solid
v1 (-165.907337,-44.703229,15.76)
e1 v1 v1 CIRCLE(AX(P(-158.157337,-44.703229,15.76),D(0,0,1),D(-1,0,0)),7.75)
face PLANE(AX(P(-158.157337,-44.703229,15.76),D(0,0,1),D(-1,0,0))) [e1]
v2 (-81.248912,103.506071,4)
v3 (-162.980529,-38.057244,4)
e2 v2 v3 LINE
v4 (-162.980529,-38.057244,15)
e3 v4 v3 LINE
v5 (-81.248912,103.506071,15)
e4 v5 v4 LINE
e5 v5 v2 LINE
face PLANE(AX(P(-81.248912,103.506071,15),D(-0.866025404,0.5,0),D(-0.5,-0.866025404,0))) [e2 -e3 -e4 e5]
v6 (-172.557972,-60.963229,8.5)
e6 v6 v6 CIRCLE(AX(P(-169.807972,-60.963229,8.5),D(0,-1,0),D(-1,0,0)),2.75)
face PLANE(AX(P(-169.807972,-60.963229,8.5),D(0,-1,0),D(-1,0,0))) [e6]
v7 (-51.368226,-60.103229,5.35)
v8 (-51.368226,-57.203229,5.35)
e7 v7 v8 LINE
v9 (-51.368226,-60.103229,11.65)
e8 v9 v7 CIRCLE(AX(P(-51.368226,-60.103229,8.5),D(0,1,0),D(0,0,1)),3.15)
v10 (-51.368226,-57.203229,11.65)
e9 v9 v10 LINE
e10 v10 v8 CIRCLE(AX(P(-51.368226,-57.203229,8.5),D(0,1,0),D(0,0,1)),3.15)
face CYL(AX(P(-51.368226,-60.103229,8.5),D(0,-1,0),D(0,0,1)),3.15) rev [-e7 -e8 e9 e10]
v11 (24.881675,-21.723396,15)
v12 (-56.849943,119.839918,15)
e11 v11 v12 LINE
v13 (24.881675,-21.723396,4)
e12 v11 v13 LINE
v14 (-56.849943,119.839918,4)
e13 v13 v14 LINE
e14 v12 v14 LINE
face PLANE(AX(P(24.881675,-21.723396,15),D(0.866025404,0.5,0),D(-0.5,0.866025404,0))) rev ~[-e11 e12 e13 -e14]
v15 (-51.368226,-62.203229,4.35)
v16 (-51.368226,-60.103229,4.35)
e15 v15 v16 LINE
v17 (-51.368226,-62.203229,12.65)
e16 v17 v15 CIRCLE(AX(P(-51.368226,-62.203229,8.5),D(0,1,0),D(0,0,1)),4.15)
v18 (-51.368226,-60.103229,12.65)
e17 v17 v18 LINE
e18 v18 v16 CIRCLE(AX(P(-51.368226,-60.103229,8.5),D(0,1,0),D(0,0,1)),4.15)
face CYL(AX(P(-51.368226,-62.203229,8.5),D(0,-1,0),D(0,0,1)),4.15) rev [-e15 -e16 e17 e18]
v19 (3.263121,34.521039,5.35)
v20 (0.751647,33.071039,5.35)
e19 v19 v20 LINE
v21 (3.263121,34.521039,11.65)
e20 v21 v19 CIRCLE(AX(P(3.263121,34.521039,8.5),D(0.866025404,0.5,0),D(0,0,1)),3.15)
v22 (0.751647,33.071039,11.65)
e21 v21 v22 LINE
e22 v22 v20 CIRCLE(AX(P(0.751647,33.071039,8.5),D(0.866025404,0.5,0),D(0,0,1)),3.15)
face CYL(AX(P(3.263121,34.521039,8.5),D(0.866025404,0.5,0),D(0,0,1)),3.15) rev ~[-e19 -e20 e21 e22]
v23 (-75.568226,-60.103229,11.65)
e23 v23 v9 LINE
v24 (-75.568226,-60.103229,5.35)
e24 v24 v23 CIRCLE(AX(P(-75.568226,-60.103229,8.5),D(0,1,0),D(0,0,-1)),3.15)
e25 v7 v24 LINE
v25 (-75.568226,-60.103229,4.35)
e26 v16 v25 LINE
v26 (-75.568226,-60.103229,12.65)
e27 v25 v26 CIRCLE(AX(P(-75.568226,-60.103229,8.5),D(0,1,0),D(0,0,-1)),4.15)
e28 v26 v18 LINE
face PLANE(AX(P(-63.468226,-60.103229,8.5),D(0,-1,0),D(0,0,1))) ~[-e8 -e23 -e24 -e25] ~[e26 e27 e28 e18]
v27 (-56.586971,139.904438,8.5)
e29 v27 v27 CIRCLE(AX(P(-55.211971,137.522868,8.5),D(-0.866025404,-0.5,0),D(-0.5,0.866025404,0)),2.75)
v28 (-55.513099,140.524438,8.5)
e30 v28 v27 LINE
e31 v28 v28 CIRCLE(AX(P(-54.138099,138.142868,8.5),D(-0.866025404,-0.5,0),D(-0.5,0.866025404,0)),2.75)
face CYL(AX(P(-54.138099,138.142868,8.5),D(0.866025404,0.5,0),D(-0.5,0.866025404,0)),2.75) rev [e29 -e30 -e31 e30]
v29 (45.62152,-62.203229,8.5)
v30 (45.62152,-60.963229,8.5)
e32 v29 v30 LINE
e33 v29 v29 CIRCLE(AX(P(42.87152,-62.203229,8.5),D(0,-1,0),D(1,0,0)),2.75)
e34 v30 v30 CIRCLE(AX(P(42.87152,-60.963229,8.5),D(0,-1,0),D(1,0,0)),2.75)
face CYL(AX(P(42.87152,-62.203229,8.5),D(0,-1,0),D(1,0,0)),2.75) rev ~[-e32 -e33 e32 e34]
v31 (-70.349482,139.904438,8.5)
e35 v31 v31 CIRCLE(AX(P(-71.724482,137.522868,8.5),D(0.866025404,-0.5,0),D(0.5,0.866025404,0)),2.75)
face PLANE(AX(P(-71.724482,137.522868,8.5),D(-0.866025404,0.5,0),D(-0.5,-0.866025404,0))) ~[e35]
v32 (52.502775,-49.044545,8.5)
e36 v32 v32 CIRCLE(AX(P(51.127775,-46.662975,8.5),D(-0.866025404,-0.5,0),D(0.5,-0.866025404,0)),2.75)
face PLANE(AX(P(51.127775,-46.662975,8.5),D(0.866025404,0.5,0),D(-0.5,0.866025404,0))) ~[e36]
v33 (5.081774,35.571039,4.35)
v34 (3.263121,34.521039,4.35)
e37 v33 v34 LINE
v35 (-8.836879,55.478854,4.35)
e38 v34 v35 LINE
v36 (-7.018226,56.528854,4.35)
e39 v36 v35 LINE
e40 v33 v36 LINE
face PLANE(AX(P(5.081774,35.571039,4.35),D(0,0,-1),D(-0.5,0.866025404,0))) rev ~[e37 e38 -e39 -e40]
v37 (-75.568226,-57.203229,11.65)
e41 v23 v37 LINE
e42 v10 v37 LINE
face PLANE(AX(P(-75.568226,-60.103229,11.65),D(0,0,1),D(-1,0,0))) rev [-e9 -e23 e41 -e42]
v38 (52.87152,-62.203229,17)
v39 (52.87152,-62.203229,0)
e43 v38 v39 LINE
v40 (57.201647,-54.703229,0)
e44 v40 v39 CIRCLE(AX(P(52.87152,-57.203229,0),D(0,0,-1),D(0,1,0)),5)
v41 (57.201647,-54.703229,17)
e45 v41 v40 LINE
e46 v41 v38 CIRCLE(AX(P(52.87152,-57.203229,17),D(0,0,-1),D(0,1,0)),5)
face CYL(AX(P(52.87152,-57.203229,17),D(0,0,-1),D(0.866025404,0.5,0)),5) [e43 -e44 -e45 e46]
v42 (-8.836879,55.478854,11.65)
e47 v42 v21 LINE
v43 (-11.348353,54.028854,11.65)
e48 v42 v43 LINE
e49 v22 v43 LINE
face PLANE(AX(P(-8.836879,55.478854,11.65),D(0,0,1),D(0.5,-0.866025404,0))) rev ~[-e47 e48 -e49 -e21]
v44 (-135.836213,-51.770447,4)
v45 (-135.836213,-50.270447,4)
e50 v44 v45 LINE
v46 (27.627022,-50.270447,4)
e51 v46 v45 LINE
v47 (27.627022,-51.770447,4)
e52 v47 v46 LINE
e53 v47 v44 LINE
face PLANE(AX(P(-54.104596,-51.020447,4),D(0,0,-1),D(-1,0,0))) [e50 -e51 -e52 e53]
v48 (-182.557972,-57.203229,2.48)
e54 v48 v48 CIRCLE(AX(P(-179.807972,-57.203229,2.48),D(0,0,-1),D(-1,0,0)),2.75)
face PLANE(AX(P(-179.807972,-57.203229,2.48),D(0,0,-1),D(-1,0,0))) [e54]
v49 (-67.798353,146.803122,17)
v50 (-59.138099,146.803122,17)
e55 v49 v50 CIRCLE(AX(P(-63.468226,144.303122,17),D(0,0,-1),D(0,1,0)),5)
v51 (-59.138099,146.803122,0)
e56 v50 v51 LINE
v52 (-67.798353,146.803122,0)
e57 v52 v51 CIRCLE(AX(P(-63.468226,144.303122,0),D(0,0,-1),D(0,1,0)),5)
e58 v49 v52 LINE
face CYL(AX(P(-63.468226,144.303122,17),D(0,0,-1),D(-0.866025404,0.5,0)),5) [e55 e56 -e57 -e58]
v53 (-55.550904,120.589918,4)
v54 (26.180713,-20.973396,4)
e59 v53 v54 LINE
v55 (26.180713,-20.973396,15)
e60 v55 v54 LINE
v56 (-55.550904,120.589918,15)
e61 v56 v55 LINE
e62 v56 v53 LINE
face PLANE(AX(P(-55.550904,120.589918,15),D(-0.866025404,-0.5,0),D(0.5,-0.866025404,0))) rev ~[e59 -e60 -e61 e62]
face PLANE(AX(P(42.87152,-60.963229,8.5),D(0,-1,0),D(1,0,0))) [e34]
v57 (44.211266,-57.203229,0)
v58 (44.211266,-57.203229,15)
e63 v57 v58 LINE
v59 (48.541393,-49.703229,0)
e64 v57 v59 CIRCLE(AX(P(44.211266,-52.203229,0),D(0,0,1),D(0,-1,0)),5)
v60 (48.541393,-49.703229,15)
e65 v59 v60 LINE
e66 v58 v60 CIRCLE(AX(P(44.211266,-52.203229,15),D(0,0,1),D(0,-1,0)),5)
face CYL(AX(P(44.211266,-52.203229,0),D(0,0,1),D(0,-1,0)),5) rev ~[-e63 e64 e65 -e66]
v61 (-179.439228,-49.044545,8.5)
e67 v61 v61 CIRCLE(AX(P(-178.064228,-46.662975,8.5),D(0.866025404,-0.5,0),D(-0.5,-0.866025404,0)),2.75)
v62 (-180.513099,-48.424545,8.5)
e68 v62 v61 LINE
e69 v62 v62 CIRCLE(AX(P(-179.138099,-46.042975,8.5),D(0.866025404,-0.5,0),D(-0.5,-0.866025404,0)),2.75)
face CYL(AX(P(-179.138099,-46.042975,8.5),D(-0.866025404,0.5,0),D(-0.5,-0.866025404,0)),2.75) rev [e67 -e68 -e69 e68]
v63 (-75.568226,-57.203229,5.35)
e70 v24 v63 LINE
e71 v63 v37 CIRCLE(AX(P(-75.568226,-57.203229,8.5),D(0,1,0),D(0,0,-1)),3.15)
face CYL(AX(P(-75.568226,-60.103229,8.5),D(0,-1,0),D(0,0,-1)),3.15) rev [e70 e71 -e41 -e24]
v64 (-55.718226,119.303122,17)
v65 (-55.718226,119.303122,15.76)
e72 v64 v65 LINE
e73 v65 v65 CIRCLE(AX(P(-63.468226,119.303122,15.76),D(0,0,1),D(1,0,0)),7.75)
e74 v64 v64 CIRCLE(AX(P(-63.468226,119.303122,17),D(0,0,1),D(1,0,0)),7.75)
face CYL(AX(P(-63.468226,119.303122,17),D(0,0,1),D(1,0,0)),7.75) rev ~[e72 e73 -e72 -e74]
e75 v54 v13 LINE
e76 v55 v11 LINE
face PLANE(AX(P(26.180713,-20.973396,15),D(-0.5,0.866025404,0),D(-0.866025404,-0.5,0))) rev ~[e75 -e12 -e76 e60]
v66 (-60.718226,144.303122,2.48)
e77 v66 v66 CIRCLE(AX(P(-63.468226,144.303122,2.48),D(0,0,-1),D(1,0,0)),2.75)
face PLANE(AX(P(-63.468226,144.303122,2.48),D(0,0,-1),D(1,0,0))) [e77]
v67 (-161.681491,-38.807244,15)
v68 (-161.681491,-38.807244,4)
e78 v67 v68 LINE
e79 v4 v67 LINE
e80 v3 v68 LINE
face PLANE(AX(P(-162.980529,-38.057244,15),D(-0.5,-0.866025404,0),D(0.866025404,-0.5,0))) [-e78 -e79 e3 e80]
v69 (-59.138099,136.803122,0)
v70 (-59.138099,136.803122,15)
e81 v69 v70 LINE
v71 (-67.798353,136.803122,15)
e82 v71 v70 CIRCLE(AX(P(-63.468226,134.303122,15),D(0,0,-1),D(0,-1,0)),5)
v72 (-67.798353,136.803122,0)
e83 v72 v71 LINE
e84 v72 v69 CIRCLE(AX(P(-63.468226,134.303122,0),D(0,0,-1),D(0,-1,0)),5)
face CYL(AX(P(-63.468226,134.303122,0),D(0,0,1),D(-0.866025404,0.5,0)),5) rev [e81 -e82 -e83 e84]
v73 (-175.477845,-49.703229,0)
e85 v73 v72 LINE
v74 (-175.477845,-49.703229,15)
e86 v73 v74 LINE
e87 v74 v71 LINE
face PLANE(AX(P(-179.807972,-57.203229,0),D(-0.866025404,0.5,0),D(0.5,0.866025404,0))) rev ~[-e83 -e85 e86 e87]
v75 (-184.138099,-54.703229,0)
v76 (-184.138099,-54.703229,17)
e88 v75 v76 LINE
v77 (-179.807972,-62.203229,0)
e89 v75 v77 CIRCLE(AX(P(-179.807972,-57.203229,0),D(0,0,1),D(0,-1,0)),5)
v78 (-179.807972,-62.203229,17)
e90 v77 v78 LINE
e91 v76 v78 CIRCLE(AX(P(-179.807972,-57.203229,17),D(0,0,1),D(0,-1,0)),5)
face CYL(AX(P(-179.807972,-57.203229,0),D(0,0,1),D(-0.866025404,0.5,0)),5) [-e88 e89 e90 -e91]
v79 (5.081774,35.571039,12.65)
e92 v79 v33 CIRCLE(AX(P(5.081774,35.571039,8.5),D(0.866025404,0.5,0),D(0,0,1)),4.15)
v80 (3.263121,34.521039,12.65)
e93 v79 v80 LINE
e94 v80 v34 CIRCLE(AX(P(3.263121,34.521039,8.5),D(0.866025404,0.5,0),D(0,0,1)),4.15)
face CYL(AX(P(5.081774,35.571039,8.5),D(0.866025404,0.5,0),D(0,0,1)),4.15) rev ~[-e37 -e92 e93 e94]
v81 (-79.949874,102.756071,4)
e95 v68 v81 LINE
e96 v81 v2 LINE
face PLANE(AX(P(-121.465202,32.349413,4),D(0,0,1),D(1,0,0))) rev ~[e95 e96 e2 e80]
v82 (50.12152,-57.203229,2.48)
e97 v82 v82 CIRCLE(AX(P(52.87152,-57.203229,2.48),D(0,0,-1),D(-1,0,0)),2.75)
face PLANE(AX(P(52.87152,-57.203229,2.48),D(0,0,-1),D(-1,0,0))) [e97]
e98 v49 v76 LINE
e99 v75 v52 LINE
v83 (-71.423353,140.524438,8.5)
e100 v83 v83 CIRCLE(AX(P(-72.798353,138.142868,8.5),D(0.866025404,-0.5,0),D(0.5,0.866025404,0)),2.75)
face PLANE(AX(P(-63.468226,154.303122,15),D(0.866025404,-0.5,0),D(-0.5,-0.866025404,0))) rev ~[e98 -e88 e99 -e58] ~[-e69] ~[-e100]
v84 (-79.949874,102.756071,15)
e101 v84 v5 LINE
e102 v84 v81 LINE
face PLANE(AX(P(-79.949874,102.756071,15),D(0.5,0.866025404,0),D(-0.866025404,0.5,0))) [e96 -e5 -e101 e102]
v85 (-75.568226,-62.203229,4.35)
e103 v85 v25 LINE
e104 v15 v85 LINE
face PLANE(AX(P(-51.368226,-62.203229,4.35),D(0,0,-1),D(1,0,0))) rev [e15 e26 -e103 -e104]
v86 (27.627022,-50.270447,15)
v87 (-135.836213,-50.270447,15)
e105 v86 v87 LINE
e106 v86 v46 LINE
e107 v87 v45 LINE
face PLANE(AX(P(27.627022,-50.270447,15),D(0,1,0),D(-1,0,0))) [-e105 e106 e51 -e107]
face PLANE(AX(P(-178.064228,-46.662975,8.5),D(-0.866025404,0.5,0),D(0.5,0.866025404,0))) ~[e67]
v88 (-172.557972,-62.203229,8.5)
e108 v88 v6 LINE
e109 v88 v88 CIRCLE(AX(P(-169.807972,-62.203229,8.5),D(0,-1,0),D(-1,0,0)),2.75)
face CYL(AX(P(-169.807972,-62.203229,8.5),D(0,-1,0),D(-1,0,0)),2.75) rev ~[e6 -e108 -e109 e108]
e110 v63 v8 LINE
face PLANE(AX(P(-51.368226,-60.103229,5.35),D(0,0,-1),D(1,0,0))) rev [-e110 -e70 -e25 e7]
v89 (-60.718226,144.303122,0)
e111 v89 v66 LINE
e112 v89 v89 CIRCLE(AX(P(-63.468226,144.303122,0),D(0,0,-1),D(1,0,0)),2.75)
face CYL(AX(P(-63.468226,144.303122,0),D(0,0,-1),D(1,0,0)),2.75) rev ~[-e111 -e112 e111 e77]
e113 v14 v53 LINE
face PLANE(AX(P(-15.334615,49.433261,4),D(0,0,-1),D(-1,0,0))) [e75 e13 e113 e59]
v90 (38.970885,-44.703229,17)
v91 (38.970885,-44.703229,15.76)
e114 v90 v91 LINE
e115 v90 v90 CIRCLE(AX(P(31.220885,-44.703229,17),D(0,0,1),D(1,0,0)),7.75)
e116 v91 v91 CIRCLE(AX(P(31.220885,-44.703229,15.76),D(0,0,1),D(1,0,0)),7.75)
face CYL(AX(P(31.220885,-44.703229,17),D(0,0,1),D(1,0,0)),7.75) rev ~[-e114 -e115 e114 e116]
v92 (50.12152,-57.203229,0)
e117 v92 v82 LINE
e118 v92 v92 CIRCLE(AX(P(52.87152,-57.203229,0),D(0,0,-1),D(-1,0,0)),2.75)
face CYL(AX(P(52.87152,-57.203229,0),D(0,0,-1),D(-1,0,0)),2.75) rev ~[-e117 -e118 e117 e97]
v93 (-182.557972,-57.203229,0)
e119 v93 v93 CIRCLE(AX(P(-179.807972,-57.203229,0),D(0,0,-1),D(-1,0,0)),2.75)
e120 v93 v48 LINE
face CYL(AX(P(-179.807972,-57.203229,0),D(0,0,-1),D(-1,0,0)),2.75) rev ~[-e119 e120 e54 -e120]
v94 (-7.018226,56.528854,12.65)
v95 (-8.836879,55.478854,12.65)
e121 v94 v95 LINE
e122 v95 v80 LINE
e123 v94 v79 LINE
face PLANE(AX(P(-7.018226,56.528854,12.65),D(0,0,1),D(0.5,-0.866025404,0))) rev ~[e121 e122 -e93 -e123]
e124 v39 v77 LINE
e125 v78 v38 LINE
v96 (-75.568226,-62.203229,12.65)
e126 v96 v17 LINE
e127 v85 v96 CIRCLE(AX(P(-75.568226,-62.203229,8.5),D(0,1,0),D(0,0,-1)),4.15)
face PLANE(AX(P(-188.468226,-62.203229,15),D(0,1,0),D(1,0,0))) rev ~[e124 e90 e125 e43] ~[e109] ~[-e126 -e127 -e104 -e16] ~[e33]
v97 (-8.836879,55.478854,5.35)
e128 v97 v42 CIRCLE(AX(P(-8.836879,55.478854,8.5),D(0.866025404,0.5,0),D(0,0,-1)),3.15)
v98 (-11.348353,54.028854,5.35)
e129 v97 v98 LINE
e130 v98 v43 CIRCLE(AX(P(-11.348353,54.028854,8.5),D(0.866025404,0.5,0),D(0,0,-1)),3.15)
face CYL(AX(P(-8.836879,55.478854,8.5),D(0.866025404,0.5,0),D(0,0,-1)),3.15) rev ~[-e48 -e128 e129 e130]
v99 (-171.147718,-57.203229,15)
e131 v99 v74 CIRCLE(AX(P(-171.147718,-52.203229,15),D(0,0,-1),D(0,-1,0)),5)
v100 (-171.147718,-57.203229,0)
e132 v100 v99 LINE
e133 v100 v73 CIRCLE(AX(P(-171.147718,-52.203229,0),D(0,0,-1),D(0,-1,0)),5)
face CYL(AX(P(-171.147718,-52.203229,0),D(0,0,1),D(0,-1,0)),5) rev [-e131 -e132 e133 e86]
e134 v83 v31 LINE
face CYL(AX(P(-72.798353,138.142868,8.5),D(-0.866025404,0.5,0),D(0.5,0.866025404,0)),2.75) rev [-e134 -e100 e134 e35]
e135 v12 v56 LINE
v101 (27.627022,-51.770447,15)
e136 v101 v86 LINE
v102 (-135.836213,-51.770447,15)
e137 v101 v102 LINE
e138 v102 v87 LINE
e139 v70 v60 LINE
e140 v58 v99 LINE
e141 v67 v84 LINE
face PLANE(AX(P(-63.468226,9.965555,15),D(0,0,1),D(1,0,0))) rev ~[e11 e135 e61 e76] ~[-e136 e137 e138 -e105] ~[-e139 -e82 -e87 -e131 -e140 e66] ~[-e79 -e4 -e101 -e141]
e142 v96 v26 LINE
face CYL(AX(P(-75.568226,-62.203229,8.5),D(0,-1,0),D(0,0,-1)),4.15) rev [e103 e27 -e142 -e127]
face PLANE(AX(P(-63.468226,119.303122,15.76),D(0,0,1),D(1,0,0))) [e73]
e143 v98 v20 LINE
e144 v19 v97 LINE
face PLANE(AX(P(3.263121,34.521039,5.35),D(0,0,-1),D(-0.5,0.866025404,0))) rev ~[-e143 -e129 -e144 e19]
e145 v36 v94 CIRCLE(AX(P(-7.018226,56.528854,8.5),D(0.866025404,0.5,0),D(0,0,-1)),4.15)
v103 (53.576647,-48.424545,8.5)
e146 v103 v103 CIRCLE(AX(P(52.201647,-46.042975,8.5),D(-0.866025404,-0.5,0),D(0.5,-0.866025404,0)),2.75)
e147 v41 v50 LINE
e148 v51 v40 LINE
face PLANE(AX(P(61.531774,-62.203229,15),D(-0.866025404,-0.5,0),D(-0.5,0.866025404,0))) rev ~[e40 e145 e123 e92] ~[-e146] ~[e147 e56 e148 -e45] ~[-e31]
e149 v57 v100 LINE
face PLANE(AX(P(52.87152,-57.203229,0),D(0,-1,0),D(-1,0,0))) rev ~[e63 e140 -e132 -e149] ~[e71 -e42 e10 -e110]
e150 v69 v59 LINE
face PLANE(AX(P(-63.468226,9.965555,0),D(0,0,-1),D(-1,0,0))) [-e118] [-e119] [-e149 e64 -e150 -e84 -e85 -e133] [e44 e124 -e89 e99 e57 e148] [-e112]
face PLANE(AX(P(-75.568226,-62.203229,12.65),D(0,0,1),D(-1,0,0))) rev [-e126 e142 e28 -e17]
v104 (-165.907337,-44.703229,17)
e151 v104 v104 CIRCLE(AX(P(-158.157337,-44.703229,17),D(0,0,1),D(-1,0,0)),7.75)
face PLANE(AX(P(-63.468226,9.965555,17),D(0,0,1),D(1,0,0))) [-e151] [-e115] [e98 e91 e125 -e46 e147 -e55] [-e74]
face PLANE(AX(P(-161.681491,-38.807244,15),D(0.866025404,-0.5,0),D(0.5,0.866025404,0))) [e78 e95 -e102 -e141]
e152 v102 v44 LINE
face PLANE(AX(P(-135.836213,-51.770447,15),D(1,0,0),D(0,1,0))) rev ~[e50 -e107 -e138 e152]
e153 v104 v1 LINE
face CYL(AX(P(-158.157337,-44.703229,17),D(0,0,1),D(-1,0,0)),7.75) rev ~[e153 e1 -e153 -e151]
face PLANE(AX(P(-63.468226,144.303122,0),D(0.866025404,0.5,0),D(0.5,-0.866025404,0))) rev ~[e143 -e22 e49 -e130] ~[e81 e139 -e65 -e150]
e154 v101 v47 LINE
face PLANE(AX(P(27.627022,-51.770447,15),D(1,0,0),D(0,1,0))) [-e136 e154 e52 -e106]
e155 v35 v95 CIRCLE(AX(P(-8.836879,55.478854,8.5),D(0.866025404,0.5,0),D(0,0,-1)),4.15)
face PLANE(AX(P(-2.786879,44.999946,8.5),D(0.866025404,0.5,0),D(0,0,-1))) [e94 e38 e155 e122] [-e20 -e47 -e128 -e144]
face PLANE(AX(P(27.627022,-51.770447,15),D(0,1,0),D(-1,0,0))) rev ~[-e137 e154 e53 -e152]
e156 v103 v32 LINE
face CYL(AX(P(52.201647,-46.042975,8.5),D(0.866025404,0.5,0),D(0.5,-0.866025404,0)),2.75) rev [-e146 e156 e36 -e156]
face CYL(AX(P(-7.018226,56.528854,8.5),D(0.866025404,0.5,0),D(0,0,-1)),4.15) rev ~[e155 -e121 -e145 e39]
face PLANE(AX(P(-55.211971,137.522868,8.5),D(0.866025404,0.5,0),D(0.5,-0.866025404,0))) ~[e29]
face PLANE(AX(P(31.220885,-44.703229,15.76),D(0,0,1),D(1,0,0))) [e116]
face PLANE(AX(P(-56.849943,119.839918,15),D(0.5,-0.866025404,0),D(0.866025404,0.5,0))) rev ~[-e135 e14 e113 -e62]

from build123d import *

# Parameters (mm, degrees)
BOSS_EXTRU_1_DEPTH      = 15
BOSS_EXTRU_2_DEPTH      = 2
ESQUISSE3_W             = 163.463234946
ESQUISSE3_H             = 1.5
BOSS_EXTRU_3_DEPTH      = 11
ENL_V_MAT_EXTRU_1_DEPTH = 2.1
ENL_V_MAT_EXTRU_2_REACH = 253.952
CONG_1_R                = 5
ESQUISSE6_R             = 7.75
ENL_V_MAT_EXTRU_3_DEPTH = 1.24
ESQUISSE7_R             = 2.75
ENL_V_MAT_EXTRU_4_DEPTH = 1.24
ESQUISSE8_R             = 2.75
ENL_V_MAT_EXTRU_5_DEPTH = 2.48


with BuildPart() as part:
    # Esquisse1 → Boss.-Extru.1 (new body)
    with BuildSketch(Plane.XY):
        Polygon((-188.46822613, -62.203229112), (-63.46822613, 154.303121834), (61.53177387, -62.203229112), align=None)
        Polygon((52.871519833, -57.203229112), (-179.807972092, -57.203229112), (-63.46822613, 144.303121834), align=None, mode=Mode.SUBTRACT)
    extrude(amount=BOSS_EXTRU_1_DEPTH)

    # Esquisse2 → Boss.-Extru.2 (add)
    with BuildSketch(Plane.XY.offset(15)):
        Polygon((-63.46822613, 154.303121834), (-188.46822613, -62.203229112), (61.53177387, -62.203229112), align=None)
    extrude(amount=BOSS_EXTRU_2_DEPTH)

    # Esquisse3 → Boss.-Extru.3 (add)
    with BuildSketch(Plane(origin=(0, 0, 15), x_dir=(-1, 0, 0), z_dir=(0, 0, -1))):
        Polygon((55.550904435, 120.589918399), (-26.180713039, -20.97339565), (-24.881674933, -21.72339565), (56.84994254, 119.839918399), align=None)
        Polygon((162.980529474, -38.057243537), (161.681491369, -38.807243537), (79.949873895, 102.756070511), (81.248912001, 103.506070511), align=None)
        with Locations((54.104595722, -51.020446973)):
            Rectangle(ESQUISSE3_W, ESQUISSE3_H)
    extrude(amount=BOSS_EXTRU_3_DEPTH)

    # Esquisse4 → Enlèv. mat.-Extru.1 (cut)
    with BuildSketch(Plane(origin=(19.214042099, 11.093232378, 0), x_dir=(0, 0, -1), z_dir=(0.8660254037844387, 0.5000000000000001, 0))):
        with BuildLine():
            Line((-12.65, 52.464536457), (-12.65, 28.264536457))
            ThreePointArc((-12.65, 28.264536457), (-8.5, 24.114536457), (-4.35, 28.264536457))
            Line((-4.35, 28.264536457), (-4.35, 52.464536457))
            ThreePointArc((-4.35, 52.464536457), (-8.5, 56.614536457), (-12.65, 52.464536457))
        make_face()
    enl_v_mat_extru_1 = extrude(amount=-ENL_V_MAT_EXTRU_1_DEPTH, mode=Mode.SUBTRACT)

    # Esquisse5 → Enlèv. mat.-Extru.2 (cut, up to next)
    with BuildSketch(Plane(origin=(17.395388751, 10.043232378, 0), x_dir=(0, 0, -1), z_dir=(0.8660254037844386, 0.5000000000000003, 0)), mode=Mode.PRIVATE) as enl_v_mat_extru_2_sk1:
        with BuildLine():
            Line((-11.65, 52.464536457), (-11.65, 28.264536457))
            ThreePointArc((-11.65, 28.264536457), (-8.5, 25.114536457), (-5.35, 28.264536457))
            Line((-5.35, 28.264536457), (-5.35, 52.464536457))
            ThreePointArc((-5.35, 52.464536457), (-8.5, 55.614536457), (-11.65, 52.464536457))
        make_face()
    enl_v_mat_extru_2_tool1 = extrude(enl_v_mat_extru_2_sk1.sketch, amount=-ENL_V_MAT_EXTRU_2_REACH, mode=Mode.PRIVATE) & part.part
    enl_v_mat_extru_2 = enl_v_mat_extru_2_tool1.solids().sort_by_distance((-2.786879, 44.999946, 8.5))[0]
    add(enl_v_mat_extru_2, mode=Mode.SUBTRACT)

    # Congé1
    cong_1_edges = [part.edges().sort_by_distance(p)[0] for p in [
        (52.871519833, -57.203229112, 7.5),
        (-63.46822613, 144.303121834, 7.5),
        (-179.807972092, -57.203229112, 7.5),
        (-188.46822613, -62.203229112, 8.5),
        (-63.46822613, 154.303121834, 8.5),
        (61.53177387, -62.203229112, 8.5),
    ]]
    fillet(cong_1_edges, radius=CONG_1_R)

    # Symétrie1: Enlèv. mat.-Extru.1, Enlèv. mat.-Extru.2 across plane
    add(enl_v_mat_extru_1.mirror(Plane(origin=(-11.551844836, -20.008382178, 0), x_dir=(0, 0, 1), z_dir=(0.5000000000000001, 0.8660254037844386, 0))), mode=Mode.SUBTRACT)
    add(enl_v_mat_extru_2.mirror(Plane(origin=(-11.551844836, -20.008382178, 0), x_dir=(0, 0, 1), z_dir=(0.5000000000000001, 0.8660254037844386, 0))), mode=Mode.SUBTRACT)

    # Esquisse6 → Enlèv. mat.-Extru.3 (cut)
    with BuildSketch(Plane.XY.offset(17)):
        with Locations((-63.46822613, 119.303121834)):
            Circle(ESQUISSE6_R)
        with Locations(Location((-158.157336997, -44.703229112, 0), (0, 0, 180))):
            Circle(ESQUISSE6_R)
        with Locations((31.220884738, -44.703229112)):
            Circle(ESQUISSE6_R)
    extrude(amount=-ENL_V_MAT_EXTRU_3_DEPTH, mode=Mode.SUBTRACT)

    # Esquisse7 → Enlèv. mat.-Extru.4 (cut)
    with BuildSketch(Plane.XZ.offset(62.203229112)):
        with Locations((42.871519833, 8.5)):
            Circle(ESQUISSE7_R)
        with Locations(Location((-169.807972092, 8.5, 0), (0, 0, 180))):
            Circle(ESQUISSE7_R)
    enl_v_mat_extru_4 = extrude(amount=-ENL_V_MAT_EXTRU_4_DEPTH, mode=Mode.SUBTRACT)

    # Symétrie2: Enlèv. mat.-Extru.4 across plane
    add(enl_v_mat_extru_4.mirror(Plane(origin=(-11.551844836, -20.008382178, 0), x_dir=(0, 0, 1), z_dir=(0.5000000000000001, 0.8660254037844386, 0))), mode=Mode.SUBTRACT)

    # Symétrie3: Enlèv. mat.-Extru.4 across plane
    add(enl_v_mat_extru_4.mirror(Plane(origin=(-20.182268228, 34.956713983, 0), x_dir=(0, 0, 1), z_dir=(0.5000000000000001, -0.8660254037844387, 0))), mode=Mode.SUBTRACT)

    # Esquisse8 → Enlèv. mat.-Extru.5 (cut)
    with BuildSketch(Plane(origin=(0, 0, 0), x_dir=(-1, 0, 0), z_dir=(0, 0, -1))):
        with Locations((-52.871519833, -57.203229112)):
            Circle(ESQUISSE8_R)
        with Locations(Location((63.46822613, 144.303121834, 0), (0, 0, 180))):
            Circle(ESQUISSE8_R)
        with Locations((179.807972092, -57.203229112)):
            Circle(ESQUISSE8_R)
    extrude(amount=-ENL_V_MAT_EXTRU_5_DEPTH, mode=Mode.SUBTRACT)


solid = part.part
